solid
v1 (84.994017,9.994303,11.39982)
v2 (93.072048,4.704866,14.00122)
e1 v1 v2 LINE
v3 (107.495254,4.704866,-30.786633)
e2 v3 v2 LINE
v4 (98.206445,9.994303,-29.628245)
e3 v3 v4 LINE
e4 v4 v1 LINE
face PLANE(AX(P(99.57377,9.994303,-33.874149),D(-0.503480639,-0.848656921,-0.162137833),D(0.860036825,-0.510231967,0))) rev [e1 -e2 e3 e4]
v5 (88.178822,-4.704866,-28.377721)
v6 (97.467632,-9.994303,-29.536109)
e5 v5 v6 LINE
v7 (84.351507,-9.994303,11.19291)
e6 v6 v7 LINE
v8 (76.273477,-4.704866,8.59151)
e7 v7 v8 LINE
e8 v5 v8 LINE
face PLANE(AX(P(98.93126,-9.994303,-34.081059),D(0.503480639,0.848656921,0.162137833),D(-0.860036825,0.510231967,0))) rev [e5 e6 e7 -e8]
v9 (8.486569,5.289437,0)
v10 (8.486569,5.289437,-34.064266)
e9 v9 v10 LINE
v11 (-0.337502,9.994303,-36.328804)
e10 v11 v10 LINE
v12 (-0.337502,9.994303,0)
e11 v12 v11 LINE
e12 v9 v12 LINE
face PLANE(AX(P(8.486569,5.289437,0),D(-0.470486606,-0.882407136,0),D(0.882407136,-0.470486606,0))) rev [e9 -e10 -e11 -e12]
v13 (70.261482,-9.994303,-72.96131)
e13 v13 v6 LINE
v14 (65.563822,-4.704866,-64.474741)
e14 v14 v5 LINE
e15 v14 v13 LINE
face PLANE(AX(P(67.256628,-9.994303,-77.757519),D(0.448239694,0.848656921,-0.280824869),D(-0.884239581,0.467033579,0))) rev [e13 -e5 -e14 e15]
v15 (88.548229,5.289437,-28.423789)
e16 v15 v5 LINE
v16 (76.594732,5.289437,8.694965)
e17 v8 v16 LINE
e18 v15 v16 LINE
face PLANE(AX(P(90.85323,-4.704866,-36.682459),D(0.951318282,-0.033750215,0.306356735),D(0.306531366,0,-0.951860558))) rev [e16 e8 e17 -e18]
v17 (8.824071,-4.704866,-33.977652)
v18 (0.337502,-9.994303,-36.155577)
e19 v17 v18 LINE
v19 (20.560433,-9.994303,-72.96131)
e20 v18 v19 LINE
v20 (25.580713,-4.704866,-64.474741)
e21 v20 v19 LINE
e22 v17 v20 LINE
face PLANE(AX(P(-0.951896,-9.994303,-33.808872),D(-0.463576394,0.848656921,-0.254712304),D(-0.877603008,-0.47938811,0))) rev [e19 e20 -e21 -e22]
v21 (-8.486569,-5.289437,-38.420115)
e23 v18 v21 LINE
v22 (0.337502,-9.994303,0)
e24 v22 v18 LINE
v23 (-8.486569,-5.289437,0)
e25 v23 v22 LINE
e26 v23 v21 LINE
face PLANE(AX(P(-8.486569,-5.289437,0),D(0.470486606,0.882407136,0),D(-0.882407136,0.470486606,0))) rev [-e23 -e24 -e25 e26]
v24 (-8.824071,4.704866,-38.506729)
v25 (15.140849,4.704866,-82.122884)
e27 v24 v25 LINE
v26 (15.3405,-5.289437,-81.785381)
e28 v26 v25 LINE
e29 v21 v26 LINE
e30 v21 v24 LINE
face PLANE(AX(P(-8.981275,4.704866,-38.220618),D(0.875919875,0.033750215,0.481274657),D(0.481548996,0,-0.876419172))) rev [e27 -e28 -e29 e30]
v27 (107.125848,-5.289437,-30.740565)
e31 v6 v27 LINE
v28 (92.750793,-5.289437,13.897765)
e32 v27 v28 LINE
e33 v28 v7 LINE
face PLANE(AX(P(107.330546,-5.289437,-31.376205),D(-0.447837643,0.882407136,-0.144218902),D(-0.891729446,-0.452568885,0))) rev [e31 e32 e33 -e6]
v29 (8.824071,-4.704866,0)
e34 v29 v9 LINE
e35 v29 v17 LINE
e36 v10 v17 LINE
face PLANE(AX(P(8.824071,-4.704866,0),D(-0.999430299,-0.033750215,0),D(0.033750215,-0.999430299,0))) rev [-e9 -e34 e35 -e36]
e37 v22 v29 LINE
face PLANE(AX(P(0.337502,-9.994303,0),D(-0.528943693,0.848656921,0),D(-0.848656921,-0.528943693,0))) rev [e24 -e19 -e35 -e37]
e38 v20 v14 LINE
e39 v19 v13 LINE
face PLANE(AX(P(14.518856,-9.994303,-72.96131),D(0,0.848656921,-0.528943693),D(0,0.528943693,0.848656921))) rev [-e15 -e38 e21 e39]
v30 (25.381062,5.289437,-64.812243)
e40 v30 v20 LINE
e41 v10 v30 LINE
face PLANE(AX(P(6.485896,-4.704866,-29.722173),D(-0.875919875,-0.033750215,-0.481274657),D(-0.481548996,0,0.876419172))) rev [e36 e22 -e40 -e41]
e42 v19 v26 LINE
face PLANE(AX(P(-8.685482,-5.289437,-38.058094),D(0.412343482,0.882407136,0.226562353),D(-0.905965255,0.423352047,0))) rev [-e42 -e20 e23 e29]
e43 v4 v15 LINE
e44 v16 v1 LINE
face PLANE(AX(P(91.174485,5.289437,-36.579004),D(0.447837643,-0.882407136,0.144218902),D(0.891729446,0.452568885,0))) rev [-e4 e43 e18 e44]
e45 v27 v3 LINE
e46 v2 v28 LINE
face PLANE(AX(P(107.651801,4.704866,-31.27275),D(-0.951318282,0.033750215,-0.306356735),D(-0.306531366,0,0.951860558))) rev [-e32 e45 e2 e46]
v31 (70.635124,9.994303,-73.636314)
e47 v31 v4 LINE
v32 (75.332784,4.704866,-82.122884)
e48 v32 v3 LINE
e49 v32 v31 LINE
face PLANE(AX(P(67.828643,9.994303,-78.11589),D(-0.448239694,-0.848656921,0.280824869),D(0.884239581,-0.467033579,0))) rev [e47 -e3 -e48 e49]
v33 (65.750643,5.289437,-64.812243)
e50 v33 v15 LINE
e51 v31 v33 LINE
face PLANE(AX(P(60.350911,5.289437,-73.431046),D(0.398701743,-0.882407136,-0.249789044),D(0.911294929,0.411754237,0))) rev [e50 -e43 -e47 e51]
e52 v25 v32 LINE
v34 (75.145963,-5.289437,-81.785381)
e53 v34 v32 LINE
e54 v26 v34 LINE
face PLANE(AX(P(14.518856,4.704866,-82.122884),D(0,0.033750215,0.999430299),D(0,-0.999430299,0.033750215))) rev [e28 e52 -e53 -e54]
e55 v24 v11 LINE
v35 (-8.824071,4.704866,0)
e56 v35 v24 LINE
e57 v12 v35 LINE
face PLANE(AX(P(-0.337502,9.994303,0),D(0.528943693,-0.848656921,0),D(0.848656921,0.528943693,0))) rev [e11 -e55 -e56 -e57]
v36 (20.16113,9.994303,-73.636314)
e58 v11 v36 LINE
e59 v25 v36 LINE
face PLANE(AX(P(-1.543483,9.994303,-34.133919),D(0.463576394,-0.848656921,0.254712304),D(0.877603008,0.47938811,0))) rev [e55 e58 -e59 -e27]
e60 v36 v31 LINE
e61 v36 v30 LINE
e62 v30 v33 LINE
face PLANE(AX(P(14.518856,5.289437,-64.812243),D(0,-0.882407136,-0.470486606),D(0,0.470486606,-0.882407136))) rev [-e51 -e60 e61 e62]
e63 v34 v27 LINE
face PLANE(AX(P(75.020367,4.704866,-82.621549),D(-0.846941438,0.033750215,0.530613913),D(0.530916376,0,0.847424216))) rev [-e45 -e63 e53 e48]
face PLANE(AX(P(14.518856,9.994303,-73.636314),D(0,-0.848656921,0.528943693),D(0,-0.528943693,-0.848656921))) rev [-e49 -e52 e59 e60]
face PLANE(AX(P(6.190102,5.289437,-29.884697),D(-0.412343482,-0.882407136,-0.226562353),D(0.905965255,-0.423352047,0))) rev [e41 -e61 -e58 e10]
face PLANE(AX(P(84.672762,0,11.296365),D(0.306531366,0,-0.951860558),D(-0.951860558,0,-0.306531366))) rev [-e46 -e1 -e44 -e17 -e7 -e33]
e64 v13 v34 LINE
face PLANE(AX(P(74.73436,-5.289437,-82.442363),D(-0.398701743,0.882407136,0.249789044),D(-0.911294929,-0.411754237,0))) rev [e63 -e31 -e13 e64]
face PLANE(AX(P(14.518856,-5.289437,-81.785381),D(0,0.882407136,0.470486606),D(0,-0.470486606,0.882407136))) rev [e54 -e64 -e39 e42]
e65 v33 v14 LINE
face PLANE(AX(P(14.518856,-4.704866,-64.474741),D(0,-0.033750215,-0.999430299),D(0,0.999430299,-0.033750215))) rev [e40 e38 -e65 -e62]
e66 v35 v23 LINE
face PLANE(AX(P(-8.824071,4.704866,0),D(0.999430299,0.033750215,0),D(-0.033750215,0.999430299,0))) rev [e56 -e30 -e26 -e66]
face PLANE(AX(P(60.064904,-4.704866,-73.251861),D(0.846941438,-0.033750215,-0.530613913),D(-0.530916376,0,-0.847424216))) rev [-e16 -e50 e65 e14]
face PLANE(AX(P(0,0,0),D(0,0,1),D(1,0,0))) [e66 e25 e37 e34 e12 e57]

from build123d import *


with BuildPart() as part:
    # Sweep2: sweep along a path in Sketch3
    with BuildLine(Plane(origin=(0, 0, 0), x_dir=(1, 0, 0), z_dir=(0, 1, 0))) as sweep2_path:
        Line((0, 0), (0, 36.242190507))
        Line((0, 36.242190507), (20.360781184, 73.298812262))
        Line((20.360781184, 73.298812262), (70.448302897, 73.298812262))
        Line((70.448302897, 73.298812262), (97.837038373, 29.582176791))
        Line((97.837038373, 29.582176791), (84.672762234, -11.296364903))
    # Sketch1 → Sweep2 (sweep)
    with BuildSketch(Plane.XY):
        Polygon((8.824071359, -4.70486606), (8.486569209, 5.289436932), (-0.33750215, 9.994302992), (-8.824071359, 4.70486606), (-8.486569209, -5.289436932), (0.33750215, -9.994302992), align=None)
    sweep(path=sweep2_path.line, transition=Transition.RIGHT)


solid = part.part
